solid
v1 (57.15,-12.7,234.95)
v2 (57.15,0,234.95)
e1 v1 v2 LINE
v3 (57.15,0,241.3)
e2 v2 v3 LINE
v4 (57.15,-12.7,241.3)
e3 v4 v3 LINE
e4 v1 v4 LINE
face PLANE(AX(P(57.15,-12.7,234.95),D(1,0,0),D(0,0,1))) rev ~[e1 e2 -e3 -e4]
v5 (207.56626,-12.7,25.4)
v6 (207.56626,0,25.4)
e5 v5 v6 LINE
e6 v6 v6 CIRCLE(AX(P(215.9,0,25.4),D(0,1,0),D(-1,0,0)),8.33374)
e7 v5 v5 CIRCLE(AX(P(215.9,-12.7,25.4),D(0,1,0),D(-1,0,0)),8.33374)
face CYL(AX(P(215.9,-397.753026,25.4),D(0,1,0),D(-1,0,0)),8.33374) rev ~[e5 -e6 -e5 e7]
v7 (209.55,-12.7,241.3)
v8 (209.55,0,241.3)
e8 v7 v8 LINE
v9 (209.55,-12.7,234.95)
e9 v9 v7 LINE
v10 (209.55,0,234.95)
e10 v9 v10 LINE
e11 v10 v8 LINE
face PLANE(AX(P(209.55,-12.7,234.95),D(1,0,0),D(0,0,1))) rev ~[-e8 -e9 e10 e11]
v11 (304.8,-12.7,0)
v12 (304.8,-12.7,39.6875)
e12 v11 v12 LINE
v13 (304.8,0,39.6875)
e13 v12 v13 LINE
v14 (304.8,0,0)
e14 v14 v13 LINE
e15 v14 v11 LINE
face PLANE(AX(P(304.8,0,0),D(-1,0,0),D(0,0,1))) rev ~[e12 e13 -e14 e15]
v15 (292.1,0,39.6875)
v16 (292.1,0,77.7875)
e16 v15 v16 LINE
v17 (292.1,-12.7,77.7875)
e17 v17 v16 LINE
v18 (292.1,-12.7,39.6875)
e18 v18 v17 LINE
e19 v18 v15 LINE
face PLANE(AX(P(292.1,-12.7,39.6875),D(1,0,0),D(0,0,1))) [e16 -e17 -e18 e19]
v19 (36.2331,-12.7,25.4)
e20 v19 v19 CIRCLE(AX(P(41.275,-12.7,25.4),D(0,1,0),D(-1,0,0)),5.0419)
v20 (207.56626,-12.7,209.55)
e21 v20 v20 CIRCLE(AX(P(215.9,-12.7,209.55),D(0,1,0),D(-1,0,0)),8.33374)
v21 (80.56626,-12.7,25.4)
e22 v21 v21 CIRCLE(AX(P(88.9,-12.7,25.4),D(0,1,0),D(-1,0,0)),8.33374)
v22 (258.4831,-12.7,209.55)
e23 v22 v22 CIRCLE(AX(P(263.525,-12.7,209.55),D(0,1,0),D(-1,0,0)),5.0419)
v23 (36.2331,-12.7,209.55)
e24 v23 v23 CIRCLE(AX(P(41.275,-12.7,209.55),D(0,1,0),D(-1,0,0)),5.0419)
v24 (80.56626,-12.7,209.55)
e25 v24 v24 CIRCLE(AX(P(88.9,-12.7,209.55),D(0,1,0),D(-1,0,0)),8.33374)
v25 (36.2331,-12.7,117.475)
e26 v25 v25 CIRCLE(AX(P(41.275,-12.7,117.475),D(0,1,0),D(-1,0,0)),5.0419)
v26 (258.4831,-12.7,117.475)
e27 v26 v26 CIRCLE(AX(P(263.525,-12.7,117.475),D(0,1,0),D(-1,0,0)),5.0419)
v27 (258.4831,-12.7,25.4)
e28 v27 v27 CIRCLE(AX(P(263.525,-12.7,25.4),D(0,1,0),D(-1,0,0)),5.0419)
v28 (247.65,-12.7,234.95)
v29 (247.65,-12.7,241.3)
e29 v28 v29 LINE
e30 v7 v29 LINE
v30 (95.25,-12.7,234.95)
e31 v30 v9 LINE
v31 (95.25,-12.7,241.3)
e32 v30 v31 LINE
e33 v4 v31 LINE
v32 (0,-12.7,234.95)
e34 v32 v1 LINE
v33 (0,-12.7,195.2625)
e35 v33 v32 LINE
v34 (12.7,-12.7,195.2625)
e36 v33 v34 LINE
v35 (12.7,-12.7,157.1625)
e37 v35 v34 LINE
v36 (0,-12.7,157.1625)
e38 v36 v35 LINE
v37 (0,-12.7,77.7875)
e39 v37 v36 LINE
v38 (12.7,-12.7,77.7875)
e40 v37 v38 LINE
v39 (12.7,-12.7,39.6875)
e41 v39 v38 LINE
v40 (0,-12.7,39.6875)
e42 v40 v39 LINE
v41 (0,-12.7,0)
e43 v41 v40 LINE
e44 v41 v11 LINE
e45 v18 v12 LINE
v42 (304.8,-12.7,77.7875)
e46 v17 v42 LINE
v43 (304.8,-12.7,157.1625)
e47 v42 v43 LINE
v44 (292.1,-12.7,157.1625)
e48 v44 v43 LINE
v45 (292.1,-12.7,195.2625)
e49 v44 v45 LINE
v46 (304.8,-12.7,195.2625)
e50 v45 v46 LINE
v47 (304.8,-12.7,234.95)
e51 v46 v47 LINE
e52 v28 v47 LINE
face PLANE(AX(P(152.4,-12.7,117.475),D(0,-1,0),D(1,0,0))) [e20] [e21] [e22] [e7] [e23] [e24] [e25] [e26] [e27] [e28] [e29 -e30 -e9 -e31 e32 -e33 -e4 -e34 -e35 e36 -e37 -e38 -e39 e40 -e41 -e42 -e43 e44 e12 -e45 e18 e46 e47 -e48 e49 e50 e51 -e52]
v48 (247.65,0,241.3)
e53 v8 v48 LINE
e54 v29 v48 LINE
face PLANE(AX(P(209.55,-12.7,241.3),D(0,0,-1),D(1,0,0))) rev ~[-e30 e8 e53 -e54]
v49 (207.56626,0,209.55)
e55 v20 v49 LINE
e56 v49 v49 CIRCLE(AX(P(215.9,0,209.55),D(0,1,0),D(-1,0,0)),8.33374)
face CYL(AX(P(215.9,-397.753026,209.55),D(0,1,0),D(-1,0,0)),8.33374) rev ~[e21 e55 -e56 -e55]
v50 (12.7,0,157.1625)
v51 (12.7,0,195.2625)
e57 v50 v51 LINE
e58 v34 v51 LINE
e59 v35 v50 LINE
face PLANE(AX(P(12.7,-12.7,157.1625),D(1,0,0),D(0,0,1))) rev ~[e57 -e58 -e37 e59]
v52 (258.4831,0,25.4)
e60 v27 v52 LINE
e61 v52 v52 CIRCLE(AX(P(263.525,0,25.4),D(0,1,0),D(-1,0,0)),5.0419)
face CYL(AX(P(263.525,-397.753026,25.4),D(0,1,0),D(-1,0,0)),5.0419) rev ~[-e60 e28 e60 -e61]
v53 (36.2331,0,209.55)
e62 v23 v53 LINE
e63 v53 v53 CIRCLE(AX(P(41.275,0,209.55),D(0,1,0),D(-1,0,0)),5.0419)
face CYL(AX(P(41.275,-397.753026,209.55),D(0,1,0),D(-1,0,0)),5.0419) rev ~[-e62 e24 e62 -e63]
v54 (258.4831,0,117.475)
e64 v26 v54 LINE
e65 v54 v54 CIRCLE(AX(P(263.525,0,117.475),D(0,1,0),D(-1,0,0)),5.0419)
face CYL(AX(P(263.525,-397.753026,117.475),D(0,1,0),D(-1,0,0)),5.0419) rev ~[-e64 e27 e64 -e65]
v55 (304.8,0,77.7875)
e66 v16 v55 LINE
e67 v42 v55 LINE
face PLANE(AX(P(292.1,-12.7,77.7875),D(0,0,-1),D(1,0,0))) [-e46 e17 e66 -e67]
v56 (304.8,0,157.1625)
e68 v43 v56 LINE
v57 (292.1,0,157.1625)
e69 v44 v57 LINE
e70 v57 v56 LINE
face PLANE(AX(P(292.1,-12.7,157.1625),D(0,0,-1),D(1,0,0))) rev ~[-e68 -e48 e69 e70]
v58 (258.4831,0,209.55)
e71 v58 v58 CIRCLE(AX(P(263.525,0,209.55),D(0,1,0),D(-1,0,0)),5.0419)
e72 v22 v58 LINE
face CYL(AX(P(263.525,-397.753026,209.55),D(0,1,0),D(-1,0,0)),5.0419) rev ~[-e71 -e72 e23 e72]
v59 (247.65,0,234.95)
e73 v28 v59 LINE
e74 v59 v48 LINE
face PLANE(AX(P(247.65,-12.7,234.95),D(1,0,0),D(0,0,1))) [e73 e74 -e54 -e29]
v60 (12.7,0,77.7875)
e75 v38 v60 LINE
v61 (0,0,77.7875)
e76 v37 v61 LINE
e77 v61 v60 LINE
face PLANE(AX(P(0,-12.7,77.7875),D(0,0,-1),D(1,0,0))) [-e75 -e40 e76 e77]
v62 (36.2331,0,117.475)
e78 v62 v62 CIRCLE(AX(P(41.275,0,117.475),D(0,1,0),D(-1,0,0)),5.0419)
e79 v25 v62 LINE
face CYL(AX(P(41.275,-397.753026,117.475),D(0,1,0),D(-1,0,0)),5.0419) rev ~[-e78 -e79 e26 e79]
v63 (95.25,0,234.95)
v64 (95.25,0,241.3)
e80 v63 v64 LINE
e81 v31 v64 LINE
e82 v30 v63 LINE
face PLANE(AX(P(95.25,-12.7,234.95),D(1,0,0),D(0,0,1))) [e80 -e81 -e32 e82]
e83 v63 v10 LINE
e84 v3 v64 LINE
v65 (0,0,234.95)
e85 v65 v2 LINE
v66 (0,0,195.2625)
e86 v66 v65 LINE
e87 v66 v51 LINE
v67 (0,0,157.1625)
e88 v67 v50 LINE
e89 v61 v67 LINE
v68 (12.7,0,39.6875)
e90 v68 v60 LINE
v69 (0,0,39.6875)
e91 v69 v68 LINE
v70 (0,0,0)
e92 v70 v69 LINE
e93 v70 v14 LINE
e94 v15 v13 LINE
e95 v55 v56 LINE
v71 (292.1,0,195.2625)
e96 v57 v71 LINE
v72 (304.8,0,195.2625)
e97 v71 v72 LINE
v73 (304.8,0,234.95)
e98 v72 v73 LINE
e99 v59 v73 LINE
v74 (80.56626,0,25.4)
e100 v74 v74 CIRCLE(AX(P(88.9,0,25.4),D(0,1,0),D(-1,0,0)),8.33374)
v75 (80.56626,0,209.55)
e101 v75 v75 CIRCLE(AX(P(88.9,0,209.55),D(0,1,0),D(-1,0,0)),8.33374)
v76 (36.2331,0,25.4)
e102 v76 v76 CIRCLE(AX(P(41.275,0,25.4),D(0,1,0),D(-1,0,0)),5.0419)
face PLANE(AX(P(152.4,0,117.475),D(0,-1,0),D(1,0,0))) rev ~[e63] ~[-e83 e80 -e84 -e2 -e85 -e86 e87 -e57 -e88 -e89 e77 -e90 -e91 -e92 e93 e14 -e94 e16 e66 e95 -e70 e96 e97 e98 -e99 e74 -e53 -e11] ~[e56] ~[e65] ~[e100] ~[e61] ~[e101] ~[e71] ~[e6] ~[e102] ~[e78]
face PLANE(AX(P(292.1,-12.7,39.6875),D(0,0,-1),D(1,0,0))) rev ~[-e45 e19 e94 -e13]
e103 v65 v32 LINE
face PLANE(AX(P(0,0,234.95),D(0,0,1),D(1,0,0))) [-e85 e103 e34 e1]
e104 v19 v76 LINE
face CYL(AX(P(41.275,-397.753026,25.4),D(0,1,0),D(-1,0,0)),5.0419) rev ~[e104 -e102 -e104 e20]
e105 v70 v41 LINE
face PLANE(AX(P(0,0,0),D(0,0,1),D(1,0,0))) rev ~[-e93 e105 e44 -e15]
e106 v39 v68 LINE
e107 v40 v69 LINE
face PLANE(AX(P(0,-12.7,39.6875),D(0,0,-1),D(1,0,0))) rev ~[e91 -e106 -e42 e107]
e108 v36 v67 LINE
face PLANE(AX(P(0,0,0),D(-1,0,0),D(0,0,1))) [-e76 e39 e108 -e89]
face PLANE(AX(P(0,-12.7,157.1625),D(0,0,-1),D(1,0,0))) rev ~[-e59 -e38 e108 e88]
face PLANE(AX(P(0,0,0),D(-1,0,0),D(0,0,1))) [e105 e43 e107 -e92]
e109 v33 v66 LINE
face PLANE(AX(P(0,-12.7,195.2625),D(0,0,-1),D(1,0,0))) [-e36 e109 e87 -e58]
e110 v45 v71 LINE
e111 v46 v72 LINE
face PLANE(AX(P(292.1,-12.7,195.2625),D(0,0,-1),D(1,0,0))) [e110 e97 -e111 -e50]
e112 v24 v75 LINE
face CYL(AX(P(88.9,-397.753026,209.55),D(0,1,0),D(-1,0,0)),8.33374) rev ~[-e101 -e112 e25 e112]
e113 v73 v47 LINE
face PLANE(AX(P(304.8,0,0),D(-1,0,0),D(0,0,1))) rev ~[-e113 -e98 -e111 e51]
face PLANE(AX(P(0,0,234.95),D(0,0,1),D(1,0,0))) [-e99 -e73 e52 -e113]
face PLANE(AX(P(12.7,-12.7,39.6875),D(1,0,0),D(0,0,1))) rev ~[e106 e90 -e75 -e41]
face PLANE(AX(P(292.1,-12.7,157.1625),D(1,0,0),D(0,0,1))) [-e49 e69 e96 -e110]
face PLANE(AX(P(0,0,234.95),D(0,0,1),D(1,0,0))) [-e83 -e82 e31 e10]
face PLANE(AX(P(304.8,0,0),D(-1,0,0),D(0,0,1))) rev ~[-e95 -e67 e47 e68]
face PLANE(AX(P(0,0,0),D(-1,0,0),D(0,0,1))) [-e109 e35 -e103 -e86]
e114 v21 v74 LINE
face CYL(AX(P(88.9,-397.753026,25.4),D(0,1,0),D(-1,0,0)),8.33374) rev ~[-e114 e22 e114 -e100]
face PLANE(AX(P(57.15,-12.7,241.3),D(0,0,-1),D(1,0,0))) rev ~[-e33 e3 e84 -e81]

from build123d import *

# Parameters (mm, degrees)
F0_W     = 304.8
F0_H     = 234.95
F1_DEPTH = 12.7
F3_D     = 16.66748
F5_D     = 10.0838
F6_W     = 12.7
F6_H     = 38.1
F7_DEPTH = 25.4
F8_W     = 38.1
F8_H     = 6.35
F9_DEPTH = 12.7


with BuildPart() as f1:
    # F0 (on Front) → F1 (new body)
    with BuildSketch(Plane.XZ):
        with Locations((152.4, 117.475)):
            Rectangle(F0_W, F0_H)
    extrude(amount=F1_DEPTH)

    # F3 (through all)
    with Locations(Plane.XZ.offset(12.7)):
        with Locations((215.9, 25.4), (88.9, 25.4), (88.9, 209.55), (215.9, 209.55)):
            Hole(F3_D / 2)

    # F5 (through all)
    with Locations(Plane.XZ.offset(12.7)):
        with Locations((263.525, 25.4), (263.525, 209.55), (41.275, 209.55), (41.275, 25.4), (41.275, 117.475), (263.525, 117.475)):
            Hole(F5_D / 2)

    # F6 (on face) → F7 (cut)
    with BuildSketch(Plane.XZ.offset(12.7)):
        with Locations((298.45, 58.7375)):
            Rectangle(F6_W, F6_H)
        with Locations((6.35, 58.7375)):
            Rectangle(F6_W, F6_H)
        with Locations((6.35, 176.2125)):
            Rectangle(F6_W, F6_H)
        with Locations((298.45, 176.2125)):
            Rectangle(F6_W, F6_H)
    extrude(amount=-F7_DEPTH, mode=Mode.SUBTRACT)

    # F8 (on face) → F9 (join)
    with BuildSketch(Plane.XZ.offset(12.7)):
        with Locations((76.2, 238.125)):
            Rectangle(F8_W, F8_H)
        with Locations((228.6, 238.125)):
            Rectangle(F8_W, F8_H)
    extrude(amount=-F9_DEPTH)


solid = f1.part
